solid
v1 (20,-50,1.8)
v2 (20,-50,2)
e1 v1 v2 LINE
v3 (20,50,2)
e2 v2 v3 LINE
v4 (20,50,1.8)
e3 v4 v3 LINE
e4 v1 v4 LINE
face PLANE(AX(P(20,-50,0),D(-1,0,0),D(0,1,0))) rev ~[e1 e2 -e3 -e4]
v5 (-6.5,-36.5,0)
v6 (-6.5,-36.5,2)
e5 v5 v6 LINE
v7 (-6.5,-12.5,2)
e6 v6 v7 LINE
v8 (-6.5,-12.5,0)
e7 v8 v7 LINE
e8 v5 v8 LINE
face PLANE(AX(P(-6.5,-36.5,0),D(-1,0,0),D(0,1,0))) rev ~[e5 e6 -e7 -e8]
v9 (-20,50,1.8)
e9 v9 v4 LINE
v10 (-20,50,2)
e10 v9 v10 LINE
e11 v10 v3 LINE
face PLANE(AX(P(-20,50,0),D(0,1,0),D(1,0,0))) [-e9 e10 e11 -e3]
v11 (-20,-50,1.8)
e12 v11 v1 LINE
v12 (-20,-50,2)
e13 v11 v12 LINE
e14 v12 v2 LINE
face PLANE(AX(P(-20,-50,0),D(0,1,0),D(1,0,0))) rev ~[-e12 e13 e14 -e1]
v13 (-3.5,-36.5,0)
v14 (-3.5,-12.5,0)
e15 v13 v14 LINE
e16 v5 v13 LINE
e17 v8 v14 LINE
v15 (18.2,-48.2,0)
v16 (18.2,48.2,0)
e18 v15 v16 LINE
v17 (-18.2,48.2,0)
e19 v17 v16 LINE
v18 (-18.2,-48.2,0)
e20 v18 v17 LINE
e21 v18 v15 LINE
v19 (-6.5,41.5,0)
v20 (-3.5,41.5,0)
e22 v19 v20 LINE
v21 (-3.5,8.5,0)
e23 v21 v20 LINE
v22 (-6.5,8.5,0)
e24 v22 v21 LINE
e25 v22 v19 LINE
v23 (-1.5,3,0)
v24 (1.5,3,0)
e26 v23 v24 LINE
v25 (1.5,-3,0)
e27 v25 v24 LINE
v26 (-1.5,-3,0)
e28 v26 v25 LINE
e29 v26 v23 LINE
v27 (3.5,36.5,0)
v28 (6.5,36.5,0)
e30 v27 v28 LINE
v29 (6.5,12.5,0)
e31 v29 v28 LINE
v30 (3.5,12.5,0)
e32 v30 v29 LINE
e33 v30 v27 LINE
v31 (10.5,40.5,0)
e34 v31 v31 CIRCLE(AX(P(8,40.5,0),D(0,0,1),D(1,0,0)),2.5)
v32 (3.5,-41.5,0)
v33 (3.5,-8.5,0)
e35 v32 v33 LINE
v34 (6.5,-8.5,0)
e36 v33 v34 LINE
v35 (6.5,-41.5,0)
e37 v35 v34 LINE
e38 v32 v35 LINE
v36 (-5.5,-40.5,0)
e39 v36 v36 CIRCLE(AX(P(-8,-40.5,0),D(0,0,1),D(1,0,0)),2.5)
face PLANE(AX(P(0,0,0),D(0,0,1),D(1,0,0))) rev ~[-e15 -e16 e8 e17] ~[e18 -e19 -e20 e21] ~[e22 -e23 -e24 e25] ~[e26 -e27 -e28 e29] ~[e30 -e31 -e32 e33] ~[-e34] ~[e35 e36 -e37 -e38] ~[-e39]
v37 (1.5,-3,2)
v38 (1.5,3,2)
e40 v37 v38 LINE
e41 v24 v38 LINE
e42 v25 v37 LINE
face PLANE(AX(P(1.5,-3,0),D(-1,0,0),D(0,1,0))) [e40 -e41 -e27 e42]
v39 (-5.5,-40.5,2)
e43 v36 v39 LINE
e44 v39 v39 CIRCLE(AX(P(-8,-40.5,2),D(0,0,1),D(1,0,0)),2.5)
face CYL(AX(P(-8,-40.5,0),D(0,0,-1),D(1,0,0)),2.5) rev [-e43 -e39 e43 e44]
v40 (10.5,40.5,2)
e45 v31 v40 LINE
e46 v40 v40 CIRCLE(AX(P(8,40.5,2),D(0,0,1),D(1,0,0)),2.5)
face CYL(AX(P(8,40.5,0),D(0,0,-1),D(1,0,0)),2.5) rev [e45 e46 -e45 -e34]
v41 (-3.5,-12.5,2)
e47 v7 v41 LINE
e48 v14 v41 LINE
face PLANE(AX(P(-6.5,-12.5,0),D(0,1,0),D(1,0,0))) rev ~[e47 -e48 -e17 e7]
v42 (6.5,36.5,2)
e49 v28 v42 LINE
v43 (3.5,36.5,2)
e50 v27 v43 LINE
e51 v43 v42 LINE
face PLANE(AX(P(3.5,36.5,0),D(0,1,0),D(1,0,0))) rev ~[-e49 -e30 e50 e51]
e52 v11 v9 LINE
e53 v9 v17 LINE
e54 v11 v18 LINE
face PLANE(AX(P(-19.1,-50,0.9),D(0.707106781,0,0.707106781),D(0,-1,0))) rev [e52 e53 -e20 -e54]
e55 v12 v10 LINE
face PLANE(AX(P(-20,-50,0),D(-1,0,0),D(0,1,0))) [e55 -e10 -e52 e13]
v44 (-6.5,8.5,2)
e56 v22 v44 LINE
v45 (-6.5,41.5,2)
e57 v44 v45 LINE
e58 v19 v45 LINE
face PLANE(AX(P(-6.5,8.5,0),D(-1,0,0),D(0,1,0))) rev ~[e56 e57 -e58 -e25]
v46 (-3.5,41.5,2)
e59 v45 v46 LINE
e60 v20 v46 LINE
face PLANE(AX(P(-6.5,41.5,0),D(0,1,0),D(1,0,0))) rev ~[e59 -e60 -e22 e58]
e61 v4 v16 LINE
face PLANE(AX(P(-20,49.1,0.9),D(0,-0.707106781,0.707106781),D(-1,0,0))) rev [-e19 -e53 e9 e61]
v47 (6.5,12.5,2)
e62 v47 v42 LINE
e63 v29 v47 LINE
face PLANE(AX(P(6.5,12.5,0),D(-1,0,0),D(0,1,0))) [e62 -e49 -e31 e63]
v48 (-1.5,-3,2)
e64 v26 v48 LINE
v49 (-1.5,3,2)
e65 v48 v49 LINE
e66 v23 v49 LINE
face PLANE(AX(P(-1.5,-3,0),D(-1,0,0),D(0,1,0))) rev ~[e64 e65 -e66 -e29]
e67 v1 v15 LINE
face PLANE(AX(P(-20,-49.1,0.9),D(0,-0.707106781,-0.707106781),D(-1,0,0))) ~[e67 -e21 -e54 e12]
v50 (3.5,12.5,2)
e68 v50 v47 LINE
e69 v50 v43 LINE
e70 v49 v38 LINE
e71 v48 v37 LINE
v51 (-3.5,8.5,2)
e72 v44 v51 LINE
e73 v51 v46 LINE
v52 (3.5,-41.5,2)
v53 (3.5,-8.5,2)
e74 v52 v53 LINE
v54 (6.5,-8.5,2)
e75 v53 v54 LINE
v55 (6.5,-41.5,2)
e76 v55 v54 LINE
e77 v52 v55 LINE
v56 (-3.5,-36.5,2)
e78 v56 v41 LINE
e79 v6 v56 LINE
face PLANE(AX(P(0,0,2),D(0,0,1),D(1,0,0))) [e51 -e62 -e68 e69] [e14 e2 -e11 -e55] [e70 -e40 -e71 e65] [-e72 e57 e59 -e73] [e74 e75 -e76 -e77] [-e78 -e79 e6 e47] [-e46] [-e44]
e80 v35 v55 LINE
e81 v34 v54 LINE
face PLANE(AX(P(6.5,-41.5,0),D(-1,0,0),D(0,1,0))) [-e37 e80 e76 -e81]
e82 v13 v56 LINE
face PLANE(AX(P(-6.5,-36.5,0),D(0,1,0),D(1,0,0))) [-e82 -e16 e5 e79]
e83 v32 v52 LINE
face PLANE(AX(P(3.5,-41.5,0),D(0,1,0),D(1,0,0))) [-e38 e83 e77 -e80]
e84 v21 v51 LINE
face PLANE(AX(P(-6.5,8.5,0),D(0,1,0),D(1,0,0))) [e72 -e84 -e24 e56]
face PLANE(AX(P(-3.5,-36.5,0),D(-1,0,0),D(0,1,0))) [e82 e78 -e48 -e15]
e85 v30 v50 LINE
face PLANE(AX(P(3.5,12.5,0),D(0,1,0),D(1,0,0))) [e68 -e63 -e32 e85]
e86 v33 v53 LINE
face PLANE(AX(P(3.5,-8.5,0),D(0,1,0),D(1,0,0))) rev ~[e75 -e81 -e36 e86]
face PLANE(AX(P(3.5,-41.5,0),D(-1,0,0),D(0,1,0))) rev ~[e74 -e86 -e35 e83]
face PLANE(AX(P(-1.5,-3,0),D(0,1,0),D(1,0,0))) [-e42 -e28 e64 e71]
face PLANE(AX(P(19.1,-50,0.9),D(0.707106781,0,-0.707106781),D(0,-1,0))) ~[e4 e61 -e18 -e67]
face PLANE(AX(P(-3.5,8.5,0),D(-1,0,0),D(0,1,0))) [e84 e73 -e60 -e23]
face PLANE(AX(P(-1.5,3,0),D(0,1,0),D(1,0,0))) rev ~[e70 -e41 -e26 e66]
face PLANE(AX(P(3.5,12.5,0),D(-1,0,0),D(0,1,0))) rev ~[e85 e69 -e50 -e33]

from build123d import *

# Parameters (mm, degrees)
SKETCH_W     = 40
SKETCH_H     = 100
SKETCH_R     = 2.5
SKETCH_W_2   = 3
SKETCH_H_2   = 33
SKETCH_H_3   = 24
SKETCH_H_4   = 6
PAD_DEPTH    = 2
CHAMFER_SIZE = 1.8


with BuildPart() as part:
    # Sketch → Pad (new body)
    with BuildSketch(Plane.XY):
        Rectangle(SKETCH_W, SKETCH_H)
        with Locations((-8, -40.5)):
            Circle(SKETCH_R, mode=Mode.SUBTRACT)
        with Locations((8, 40.5)):
            Circle(SKETCH_R, mode=Mode.SUBTRACT)
        with Locations((-5, 25)):
            Rectangle(SKETCH_W_2, SKETCH_H_2, mode=Mode.SUBTRACT)
        with Locations((5, -25)):
            Rectangle(SKETCH_W_2, SKETCH_H_2, mode=Mode.SUBTRACT)
        with Locations((5, 24.5)):
            Rectangle(SKETCH_W_2, SKETCH_H_3, mode=Mode.SUBTRACT)
        with Locations((-5, -24.5)):
            Rectangle(SKETCH_W_2, SKETCH_H_3, mode=Mode.SUBTRACT)
        Rectangle(SKETCH_W_2, SKETCH_H_4, mode=Mode.SUBTRACT)
    extrude(amount=PAD_DEPTH)

    # Chamfer
    chamfer_edges = [part.edges().sort_by_distance(p)[0] for p in [
        (0, -50, 0),
        (20, 0, 0),
        (0, 50, 0),
        (-20, 0, 0),
    ]]
    chamfer(chamfer_edges, length=CHAMFER_SIZE)


solid = part.part
